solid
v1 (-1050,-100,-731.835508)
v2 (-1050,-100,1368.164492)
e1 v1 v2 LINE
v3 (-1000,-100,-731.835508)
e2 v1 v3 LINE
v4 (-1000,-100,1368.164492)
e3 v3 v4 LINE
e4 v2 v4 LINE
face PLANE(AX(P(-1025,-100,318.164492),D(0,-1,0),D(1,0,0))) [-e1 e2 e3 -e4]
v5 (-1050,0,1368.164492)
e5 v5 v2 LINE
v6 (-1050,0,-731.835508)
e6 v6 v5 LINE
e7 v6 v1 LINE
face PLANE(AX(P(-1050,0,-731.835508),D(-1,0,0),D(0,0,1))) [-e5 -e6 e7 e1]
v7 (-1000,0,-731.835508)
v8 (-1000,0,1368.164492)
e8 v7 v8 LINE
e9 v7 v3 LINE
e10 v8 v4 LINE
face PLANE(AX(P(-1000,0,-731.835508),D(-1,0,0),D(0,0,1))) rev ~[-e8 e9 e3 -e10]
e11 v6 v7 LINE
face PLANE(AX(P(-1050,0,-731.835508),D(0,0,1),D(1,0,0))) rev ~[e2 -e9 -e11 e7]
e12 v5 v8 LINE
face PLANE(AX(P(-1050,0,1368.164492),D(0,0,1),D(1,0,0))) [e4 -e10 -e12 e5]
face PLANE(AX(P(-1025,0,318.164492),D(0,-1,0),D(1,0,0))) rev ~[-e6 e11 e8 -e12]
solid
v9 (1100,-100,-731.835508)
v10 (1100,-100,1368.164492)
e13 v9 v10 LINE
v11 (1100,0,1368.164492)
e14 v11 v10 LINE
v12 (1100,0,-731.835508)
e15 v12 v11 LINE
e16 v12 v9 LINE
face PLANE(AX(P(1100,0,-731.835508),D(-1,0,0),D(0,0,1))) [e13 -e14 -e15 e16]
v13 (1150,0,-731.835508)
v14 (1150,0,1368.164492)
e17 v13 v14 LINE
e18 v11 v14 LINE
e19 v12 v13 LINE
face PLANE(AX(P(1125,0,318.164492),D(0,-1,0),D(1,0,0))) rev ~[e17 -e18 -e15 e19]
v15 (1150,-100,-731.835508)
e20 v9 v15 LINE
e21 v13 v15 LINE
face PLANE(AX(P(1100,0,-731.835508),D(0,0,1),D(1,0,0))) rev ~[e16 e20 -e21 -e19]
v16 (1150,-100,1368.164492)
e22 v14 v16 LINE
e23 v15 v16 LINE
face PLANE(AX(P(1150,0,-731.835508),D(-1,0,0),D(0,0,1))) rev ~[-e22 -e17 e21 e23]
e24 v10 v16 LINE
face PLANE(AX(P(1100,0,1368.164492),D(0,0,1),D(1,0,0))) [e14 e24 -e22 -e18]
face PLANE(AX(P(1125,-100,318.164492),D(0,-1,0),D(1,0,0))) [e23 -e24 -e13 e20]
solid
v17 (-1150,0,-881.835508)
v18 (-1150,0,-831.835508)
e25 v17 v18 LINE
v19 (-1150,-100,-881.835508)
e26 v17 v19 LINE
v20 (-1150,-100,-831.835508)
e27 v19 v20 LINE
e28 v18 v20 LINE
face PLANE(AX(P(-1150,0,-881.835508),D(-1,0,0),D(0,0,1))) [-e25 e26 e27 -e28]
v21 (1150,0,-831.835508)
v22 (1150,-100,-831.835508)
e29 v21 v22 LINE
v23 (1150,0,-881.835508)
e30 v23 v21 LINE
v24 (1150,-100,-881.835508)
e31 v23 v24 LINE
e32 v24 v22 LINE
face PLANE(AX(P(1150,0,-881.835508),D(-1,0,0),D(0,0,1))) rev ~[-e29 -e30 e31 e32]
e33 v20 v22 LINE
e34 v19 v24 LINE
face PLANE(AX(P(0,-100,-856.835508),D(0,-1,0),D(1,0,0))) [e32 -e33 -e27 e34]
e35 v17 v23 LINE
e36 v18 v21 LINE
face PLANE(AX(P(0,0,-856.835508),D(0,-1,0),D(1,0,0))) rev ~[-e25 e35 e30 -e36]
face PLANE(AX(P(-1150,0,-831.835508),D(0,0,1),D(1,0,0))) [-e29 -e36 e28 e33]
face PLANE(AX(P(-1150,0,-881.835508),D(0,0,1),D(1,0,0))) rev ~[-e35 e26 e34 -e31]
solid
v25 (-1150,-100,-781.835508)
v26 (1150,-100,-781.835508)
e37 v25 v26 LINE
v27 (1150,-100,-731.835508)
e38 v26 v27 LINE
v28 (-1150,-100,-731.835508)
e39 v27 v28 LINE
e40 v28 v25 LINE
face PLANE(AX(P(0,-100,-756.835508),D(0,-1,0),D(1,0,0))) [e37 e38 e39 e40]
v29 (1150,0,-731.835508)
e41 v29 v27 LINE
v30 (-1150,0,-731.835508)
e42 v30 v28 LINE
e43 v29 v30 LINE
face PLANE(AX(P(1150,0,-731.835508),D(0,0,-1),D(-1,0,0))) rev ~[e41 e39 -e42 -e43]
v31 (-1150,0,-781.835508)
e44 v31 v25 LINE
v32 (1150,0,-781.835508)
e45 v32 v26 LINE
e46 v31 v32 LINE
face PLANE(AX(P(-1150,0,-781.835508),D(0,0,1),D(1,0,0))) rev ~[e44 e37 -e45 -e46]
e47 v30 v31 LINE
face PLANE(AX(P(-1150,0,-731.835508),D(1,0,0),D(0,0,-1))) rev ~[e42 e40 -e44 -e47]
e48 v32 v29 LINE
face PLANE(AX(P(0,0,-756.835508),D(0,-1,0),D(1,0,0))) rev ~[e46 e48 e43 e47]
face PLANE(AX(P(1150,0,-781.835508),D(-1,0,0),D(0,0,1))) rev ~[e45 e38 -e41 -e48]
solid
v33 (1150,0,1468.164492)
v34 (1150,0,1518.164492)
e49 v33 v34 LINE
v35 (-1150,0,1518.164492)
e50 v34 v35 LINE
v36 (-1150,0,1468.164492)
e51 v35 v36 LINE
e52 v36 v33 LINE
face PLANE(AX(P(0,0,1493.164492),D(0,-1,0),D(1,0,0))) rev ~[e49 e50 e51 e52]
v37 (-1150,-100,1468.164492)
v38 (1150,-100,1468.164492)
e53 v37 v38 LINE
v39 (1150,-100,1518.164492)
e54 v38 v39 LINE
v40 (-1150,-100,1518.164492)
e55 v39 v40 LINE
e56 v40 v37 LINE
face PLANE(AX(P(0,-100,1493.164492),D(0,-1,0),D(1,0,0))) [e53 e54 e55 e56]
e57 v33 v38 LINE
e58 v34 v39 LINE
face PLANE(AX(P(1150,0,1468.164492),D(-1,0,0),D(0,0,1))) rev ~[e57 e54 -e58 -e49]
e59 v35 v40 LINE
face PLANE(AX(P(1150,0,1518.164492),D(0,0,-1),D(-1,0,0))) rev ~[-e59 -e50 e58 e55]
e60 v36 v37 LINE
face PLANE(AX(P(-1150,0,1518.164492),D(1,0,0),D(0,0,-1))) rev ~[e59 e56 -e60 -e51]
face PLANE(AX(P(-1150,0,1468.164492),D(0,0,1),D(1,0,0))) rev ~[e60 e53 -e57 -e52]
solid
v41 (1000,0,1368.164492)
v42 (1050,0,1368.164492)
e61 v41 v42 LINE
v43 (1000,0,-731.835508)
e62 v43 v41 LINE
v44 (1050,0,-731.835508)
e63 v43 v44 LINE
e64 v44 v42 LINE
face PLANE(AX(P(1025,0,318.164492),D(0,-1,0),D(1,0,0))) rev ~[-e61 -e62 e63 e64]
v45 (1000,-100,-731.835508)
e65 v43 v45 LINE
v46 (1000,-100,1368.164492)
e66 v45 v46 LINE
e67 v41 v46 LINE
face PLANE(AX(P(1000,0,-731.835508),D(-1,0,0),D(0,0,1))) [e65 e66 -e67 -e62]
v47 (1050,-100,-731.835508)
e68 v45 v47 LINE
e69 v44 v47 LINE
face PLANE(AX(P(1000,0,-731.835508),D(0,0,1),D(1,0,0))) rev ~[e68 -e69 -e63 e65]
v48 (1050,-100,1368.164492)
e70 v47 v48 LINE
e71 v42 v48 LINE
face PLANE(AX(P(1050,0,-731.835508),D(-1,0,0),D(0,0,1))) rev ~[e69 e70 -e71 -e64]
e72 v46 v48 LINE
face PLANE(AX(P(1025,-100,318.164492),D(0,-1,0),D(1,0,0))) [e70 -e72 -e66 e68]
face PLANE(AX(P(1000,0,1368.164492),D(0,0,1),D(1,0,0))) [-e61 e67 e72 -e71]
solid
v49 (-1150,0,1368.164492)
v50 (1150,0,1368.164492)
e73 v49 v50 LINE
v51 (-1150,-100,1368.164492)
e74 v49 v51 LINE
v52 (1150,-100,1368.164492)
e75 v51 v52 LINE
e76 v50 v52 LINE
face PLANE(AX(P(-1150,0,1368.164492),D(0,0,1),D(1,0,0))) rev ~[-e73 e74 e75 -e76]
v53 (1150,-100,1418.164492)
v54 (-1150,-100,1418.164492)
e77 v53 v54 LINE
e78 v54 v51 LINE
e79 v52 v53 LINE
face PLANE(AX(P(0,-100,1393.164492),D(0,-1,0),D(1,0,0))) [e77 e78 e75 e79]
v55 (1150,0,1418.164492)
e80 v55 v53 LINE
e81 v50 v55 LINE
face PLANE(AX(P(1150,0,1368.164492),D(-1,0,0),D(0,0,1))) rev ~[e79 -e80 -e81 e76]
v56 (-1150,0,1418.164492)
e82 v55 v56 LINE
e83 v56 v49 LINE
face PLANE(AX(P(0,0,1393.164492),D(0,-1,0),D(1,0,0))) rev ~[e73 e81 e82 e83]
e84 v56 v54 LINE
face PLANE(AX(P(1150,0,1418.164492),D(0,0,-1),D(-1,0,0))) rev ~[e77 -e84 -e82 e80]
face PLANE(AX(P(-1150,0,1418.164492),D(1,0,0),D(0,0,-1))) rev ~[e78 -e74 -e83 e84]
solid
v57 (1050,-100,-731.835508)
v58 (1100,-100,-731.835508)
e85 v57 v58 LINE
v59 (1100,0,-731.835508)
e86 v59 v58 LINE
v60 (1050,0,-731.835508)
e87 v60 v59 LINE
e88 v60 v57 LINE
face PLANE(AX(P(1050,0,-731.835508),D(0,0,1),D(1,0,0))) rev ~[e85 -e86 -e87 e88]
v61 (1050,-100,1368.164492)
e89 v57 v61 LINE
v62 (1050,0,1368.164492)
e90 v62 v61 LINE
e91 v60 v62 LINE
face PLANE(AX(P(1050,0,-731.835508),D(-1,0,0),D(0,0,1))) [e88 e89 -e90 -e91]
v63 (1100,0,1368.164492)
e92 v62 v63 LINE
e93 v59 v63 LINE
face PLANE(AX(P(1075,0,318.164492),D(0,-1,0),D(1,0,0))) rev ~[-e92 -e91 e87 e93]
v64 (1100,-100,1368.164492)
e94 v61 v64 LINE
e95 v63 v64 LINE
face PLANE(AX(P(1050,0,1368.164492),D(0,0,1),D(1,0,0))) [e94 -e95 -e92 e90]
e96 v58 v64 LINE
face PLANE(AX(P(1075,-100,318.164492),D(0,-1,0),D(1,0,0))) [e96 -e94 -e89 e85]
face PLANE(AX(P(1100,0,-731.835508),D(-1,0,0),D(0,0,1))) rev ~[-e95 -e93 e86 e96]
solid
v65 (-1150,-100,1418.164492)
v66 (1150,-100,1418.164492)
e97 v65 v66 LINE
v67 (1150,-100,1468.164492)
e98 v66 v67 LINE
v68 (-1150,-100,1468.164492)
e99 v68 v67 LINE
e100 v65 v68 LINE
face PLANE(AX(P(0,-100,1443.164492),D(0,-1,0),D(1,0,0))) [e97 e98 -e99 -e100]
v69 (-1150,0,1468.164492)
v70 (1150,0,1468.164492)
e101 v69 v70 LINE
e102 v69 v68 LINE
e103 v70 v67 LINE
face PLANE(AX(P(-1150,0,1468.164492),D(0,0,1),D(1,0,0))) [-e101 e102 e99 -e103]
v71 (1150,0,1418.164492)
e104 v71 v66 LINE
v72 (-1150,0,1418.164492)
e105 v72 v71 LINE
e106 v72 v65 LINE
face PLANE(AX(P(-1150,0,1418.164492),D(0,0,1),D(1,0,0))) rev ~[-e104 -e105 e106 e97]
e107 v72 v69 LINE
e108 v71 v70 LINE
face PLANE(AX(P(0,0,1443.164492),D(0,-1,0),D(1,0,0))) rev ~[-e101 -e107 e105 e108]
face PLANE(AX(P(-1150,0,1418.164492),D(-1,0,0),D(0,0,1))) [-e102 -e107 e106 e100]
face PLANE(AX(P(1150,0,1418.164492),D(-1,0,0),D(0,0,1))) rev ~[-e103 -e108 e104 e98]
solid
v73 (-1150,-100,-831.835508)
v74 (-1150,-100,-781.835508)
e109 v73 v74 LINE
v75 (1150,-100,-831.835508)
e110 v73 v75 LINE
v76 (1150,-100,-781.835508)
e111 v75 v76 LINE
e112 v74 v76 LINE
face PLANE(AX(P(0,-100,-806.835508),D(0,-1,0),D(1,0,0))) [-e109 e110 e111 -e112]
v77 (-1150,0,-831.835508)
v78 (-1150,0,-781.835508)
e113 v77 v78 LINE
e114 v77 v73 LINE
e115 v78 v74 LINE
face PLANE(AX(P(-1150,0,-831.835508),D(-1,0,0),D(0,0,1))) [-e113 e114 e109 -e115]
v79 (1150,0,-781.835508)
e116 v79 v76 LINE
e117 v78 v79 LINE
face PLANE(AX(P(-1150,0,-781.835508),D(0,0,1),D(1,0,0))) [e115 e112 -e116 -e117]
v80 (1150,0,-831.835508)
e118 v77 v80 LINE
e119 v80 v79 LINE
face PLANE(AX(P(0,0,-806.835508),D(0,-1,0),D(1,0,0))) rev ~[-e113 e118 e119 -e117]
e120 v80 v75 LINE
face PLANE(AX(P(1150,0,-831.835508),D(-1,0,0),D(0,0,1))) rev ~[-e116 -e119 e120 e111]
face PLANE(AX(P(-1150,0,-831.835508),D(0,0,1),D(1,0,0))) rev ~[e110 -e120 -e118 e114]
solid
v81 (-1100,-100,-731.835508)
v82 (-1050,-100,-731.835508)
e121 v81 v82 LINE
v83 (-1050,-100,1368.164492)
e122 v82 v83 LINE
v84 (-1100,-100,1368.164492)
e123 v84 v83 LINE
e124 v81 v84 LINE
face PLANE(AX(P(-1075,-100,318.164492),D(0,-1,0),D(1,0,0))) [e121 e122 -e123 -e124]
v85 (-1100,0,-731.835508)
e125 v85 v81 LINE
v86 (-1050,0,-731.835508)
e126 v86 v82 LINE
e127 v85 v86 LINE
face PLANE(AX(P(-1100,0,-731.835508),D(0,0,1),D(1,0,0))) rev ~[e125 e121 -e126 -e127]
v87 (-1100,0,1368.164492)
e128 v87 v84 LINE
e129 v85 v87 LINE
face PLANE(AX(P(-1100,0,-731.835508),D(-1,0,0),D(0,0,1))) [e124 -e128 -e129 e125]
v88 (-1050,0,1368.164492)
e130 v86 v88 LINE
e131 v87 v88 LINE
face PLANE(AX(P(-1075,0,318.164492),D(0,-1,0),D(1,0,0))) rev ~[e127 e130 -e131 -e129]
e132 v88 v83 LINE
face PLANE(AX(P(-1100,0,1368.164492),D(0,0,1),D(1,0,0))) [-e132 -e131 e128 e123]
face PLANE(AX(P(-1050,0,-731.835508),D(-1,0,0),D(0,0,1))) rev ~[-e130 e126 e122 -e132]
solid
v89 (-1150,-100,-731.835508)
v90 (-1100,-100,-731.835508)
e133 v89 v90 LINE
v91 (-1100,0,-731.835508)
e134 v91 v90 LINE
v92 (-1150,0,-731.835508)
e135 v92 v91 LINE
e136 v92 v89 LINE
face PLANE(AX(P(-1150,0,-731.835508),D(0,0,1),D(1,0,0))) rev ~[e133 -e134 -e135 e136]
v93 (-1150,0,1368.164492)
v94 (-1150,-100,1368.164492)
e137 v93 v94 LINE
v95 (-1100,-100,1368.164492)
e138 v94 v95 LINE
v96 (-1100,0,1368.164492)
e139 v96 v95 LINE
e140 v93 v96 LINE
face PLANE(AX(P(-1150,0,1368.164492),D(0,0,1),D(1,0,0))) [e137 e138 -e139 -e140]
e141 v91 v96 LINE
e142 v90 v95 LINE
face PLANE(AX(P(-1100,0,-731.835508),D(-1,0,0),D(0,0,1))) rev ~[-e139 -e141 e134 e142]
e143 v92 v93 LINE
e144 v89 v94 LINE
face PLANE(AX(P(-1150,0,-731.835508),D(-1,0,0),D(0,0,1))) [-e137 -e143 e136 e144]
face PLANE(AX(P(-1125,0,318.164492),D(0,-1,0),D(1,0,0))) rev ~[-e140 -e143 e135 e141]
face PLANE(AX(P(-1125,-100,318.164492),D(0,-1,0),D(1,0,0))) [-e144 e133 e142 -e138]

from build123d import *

# Parameters (mm, degrees)
F0_W     = 2300
F0_H     = 50
F0_W_2   = 50
F0_H_2   = 2100
F1_DEPTH = 100
F2_DEPTH = 100
F3_DEPTH = 100


with BuildPart() as f1:
    # F0 (on Front) → F1 (new body)
    with BuildSketch(Plane.XZ):
        with Locations((0, 1443.164492)):
            Rectangle(F0_W, F0_H)
        with Locations((-1125, 318.164492)):
            Rectangle(F0_W_2, F0_H_2)
        with Locations((-1025, 318.164492)):
            Rectangle(F0_W_2, F0_H_2)
        with Locations((0, -806.835508)):
            Rectangle(F0_W, F0_H)
        with Locations((1125, 318.164492)):
            Rectangle(F0_W_2, F0_H_2)
        with Locations((1025, 318.164492)):
            Rectangle(F0_W_2, F0_H_2)
    extrude(amount=F1_DEPTH)


with BuildPart() as f2:
    # F0 (on Front) → F2 (new body)
    with BuildSketch(Plane.XZ):
        Polygon((-1150, 1518.164492), (-1150, 1468.164492), (1150, 1468.164492), (1150, 1518.164492), (0, 1518.164492), (-1023.93508, 1518.164492), (-1079.289322, 1518.164492), align=None)
        Polygon((-1150, 1418.164492), (-1150, 1368.164492), (-1100, 1368.164492), (-1050, 1368.164492), (-1000, 1368.164492), (-950, 1368.164492), (-900, 1368.164492), (900, 1368.164492), (950, 1368.164492), (1000, 1368.164492), (1050, 1368.164492), (1100, 1368.164492), (1150, 1368.164492), (1150, 1418.164492), align=None)
        Polygon((-1150, -731.835508), (-1150, -781.835508), (1150, -781.835508), (1150, -731.835508), (1100, -731.835508), (1050, -731.835508), (1000, -731.835508), (950, -731.835508), (900, -731.835508), (-900, -731.835508), (-950, -731.835508), (-1000, -731.835508), (-1050, -731.835508), (-1100, -731.835508), align=None)
        with Locations((0, -856.835508)):
            Rectangle(F0_W, F0_H)
    extrude(amount=F2_DEPTH)


with BuildPart() as f3:
    # F0 (on Front) → F3 (new body)
    with BuildSketch(Plane.XZ):
        with Locations((-1075, 318.164492)):
            Rectangle(F0_W_2, F0_H_2)
        with Locations((1075, 318.164492)):
            Rectangle(F0_W_2, F0_H_2)
    extrude(amount=F3_DEPTH)


solid = Compound([f1.part, f2.part, f3.part])
